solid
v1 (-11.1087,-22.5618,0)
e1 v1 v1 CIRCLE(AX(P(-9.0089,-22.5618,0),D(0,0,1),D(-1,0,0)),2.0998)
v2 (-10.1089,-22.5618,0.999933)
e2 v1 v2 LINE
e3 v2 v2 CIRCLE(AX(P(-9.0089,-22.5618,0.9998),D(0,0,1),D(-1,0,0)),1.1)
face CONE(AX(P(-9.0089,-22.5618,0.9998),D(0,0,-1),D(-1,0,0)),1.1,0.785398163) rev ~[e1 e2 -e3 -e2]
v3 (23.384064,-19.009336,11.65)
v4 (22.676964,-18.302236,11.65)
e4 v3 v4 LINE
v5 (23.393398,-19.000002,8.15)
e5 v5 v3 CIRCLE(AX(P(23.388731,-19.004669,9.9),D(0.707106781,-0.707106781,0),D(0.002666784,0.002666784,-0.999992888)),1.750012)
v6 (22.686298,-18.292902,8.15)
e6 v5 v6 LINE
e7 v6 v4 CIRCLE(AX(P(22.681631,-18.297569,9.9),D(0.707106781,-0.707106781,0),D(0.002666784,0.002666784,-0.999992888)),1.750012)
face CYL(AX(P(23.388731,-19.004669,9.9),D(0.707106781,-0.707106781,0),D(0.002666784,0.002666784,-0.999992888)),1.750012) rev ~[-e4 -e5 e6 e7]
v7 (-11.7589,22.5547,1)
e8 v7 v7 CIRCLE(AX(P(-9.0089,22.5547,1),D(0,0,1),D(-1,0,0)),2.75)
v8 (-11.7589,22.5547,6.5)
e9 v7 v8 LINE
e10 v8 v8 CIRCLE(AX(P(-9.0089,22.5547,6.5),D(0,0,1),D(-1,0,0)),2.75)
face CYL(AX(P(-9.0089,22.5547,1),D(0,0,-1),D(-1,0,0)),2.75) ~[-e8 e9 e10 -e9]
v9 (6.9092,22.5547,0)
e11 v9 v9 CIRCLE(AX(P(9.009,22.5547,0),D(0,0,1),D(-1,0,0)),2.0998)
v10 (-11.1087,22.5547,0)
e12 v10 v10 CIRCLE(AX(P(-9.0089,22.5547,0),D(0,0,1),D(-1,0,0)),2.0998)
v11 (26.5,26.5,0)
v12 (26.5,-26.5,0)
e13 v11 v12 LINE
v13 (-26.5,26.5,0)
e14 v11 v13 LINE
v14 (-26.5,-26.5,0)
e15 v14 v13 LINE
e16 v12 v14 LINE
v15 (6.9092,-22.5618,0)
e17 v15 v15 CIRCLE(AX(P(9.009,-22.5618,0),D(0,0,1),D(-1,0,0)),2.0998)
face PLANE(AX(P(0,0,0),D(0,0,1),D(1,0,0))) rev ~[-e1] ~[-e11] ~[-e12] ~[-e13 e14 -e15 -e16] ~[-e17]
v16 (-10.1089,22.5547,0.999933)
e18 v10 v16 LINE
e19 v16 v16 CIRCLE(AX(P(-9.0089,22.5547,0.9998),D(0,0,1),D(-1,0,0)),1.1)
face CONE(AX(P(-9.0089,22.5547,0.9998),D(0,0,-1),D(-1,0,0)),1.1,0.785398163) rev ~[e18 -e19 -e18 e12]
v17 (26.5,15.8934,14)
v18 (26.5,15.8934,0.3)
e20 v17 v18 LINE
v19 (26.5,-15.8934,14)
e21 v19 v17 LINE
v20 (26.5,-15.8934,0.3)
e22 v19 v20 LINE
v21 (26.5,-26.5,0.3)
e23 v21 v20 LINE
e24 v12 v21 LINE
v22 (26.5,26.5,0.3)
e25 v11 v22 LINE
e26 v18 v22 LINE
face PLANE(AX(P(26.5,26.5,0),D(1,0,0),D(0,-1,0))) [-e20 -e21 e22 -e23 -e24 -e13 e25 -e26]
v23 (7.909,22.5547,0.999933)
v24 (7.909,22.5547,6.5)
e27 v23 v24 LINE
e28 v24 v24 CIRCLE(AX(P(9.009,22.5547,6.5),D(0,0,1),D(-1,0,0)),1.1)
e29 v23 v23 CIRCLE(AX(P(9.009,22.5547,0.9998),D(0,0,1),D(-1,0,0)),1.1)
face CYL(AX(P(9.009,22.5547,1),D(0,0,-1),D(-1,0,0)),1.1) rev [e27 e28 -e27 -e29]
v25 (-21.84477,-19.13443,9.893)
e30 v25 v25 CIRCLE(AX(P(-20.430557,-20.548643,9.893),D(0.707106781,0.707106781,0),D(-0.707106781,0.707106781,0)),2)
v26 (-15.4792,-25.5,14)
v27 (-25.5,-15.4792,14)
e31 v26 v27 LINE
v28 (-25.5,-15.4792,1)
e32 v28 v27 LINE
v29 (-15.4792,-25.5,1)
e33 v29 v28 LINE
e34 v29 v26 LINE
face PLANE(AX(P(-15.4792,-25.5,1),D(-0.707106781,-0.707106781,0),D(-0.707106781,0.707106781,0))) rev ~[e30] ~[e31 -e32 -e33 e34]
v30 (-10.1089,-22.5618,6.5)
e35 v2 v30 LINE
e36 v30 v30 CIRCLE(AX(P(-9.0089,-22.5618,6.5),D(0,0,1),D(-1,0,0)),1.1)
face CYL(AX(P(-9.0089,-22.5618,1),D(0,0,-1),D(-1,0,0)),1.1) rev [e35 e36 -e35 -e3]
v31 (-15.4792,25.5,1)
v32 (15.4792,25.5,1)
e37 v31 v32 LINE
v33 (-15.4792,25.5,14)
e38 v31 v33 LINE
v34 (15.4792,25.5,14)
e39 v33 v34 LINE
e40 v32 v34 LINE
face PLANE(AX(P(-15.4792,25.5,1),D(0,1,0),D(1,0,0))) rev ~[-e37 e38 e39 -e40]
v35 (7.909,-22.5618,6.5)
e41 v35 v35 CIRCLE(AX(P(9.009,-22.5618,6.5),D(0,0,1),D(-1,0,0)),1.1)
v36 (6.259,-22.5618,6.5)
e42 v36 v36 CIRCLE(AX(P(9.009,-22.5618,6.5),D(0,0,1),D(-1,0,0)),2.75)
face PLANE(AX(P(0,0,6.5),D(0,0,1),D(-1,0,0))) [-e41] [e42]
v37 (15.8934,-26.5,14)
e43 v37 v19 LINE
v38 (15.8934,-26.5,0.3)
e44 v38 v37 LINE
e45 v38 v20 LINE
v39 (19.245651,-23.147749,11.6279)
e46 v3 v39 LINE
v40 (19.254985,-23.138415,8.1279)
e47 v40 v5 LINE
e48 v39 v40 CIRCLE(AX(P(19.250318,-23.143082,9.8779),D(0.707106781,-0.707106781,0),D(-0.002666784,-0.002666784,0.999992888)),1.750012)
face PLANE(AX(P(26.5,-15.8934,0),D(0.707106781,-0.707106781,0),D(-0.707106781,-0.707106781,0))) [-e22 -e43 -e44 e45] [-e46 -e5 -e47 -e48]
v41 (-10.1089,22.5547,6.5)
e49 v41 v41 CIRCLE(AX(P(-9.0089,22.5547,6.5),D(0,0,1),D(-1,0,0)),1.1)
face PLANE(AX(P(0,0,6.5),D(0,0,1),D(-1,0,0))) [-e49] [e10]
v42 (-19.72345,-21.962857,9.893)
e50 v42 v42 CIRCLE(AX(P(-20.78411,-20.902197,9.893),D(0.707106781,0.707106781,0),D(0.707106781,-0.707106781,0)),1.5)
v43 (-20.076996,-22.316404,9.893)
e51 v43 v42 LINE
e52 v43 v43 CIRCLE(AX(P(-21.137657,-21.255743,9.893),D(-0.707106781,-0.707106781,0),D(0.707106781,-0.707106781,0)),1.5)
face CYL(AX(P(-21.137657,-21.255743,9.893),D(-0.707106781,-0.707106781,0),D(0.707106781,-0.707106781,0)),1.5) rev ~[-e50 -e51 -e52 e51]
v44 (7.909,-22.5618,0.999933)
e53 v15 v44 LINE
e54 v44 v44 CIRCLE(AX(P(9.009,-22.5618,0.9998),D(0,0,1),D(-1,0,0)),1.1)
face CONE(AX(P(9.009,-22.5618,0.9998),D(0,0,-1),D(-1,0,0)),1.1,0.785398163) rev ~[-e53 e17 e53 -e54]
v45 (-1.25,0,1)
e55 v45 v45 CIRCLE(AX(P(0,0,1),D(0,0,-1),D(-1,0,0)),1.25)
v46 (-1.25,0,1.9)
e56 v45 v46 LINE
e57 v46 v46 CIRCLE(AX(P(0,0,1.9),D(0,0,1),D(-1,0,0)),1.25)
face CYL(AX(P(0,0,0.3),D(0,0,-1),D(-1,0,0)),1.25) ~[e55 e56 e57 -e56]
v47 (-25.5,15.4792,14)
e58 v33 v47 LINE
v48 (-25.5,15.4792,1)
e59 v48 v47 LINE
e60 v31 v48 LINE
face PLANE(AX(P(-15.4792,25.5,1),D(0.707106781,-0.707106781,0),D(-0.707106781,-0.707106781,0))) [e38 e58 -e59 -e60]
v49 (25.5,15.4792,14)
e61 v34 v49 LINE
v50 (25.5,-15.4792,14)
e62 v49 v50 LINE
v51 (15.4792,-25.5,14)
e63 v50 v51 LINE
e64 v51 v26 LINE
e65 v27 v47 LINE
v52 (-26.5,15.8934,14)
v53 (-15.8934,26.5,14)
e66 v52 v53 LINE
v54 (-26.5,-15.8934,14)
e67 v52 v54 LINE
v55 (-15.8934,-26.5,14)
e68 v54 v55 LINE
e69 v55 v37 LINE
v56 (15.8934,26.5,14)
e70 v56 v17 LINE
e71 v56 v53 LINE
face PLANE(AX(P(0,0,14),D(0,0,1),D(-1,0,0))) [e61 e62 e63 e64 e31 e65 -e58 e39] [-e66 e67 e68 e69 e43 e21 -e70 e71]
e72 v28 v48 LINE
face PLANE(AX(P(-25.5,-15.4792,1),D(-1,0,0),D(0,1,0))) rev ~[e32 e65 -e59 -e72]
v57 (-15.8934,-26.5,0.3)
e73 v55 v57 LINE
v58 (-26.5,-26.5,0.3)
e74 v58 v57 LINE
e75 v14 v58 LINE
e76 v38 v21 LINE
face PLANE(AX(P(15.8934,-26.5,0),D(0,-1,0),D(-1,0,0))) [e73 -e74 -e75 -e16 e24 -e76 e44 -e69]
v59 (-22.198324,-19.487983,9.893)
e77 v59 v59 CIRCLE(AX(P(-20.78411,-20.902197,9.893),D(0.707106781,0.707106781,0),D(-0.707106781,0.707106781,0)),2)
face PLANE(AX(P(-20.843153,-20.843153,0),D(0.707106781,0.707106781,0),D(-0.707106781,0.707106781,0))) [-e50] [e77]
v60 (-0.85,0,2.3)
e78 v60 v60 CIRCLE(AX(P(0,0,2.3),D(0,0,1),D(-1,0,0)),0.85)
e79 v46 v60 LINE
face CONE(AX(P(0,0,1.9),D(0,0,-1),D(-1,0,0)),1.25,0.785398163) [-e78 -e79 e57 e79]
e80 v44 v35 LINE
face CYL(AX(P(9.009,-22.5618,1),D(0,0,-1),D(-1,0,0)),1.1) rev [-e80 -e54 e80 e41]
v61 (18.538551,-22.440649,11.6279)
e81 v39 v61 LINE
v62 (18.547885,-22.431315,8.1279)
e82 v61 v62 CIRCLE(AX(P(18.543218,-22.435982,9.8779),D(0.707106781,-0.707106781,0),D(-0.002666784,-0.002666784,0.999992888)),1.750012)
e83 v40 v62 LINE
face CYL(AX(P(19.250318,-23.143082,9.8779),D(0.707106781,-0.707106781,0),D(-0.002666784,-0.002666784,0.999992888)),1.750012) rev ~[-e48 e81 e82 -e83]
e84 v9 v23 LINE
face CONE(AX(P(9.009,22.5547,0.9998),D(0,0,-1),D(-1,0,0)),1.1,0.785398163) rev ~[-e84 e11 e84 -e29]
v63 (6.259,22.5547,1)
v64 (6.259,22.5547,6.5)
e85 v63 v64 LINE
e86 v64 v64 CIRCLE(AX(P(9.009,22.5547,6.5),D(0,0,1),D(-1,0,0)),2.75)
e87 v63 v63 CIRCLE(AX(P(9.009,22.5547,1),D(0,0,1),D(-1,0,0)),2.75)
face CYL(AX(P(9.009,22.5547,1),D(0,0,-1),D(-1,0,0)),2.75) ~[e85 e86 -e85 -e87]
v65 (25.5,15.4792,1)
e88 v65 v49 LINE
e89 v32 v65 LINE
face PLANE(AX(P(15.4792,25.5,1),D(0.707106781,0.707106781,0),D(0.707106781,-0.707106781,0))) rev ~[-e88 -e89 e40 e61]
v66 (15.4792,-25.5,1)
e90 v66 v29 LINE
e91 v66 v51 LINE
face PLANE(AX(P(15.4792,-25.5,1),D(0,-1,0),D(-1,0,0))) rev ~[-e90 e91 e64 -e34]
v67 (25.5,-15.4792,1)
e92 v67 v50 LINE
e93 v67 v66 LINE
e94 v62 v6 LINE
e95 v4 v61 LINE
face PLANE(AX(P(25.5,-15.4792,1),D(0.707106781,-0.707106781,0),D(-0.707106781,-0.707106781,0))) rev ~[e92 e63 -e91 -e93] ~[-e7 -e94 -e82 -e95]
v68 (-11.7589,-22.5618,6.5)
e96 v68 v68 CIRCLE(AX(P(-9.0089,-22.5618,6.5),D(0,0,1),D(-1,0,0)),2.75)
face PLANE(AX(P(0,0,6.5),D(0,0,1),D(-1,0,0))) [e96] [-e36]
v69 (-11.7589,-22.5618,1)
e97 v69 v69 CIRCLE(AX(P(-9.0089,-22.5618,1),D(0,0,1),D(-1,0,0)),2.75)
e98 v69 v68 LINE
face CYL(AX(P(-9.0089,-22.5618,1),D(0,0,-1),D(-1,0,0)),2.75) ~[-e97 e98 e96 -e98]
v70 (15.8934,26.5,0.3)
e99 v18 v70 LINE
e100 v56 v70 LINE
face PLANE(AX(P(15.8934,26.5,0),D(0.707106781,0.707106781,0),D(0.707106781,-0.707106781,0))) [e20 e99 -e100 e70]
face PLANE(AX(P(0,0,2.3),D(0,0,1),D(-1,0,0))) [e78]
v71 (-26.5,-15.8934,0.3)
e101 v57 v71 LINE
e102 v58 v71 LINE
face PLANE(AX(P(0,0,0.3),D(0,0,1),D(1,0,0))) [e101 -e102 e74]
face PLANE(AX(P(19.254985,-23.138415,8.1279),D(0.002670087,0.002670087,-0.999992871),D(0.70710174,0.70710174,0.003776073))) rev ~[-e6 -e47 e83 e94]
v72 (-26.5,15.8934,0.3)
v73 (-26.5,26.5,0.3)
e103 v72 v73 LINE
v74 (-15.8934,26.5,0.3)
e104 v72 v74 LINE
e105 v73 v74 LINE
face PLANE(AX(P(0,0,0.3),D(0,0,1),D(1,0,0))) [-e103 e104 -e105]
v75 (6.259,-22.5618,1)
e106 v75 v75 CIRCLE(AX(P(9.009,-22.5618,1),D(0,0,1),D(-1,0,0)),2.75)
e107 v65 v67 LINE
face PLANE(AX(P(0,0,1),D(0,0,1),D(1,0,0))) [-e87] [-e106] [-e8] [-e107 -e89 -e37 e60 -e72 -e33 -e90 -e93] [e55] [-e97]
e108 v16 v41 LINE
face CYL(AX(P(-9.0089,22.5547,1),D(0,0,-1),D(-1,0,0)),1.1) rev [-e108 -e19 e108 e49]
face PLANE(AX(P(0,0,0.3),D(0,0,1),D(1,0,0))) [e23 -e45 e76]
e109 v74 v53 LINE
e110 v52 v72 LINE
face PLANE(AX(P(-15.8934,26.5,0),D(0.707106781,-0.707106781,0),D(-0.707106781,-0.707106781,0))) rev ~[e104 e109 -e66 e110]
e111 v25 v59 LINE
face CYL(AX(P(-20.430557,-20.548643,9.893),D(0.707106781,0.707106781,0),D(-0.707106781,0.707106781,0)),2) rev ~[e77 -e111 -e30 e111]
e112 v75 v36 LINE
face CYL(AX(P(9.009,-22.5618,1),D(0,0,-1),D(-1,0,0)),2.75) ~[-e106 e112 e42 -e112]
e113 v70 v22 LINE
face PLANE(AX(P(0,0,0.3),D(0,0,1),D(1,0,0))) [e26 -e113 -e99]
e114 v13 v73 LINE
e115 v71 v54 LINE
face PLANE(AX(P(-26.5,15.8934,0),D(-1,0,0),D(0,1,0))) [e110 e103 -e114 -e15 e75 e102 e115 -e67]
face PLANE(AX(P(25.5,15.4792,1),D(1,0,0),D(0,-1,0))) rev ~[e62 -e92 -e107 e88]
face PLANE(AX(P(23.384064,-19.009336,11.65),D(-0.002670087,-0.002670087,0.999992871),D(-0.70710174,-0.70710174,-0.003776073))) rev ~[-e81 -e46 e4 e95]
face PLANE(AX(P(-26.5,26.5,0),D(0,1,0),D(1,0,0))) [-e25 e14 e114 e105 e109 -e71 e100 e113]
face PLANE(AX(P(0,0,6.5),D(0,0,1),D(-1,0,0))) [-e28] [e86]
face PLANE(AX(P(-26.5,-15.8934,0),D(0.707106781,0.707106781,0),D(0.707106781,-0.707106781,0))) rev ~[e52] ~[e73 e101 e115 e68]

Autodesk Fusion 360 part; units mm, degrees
sketch "Sketch1" plane through (0, 0, 0) normal (0, 0, 1) x (1, 0, 0)
  circle A0 centre (0, 0) radius 1.75
  dimension "d1" = 3.5
extrude "Extrude1" add sketch "Sketch1" along normal blind 0.3
sketch "Sketch2" plane through (0, 0, 0.3) normal (0, 0, 1) x (-1, 0, 0)
  circle A0 centre (0, 0) radius 1.75
  circle A1 centre (0, 0) radius 1.25
  dimension "d4" = 2.5
extrude "Extrude2" add sketch "Sketch2" along normal blind 2 contours A1
chamfer "Chamfer1" distance 0.4 angle 45 1 edges at (1.1654, 0.452, 2.3)

Autodesk Fusion 360 part; units mm, degrees
sketch "Sketch1" plane through (0, 0, 0) normal (0, 0, 1) x (1, 0, 0)
  line L0 (-26.5, 26.5) -> (26.5, 26.5)
  line L1 (26.5, 26.5) -> (26.5, -26.5)
  line L2 (26.5, -26.5) -> (-26.5, -26.5)
  line L3 (-26.5, -26.5) -> (-26.5, 26.5)
  line L4 (-26.5, 26.5) -> (26.5, -26.5) construction
  line L5 (26.5, 26.5) -> (-26.5, -26.5) construction
  line L6 (-15.8934, 26.5) -> (-26.5, 15.8934)
  line L7 (15.8934, 26.5) -> (26.5, 15.8934)
  line L8 (26.5, -15.8934) -> (15.8934, -26.5)
  line L9 (-26.5, -15.8934) -> (-15.8934, -26.5)
  dimension "d34" = 53
  dimension "d35" = 53
  dimension "d36" = 15
  dimension "d37" = 15
  dimension "d38" = 15
  dimension "d39" = 15
extrude "Extrude1" add sketch "Sketch1" along normal blind 1 contours L0 L1 L2 L3 L6 L7 L8 L9
sketch "Sketch3" plane through (0, 0, 1) normal (0, 0, 1) x (-1, 0, 0)
  line L0 (15.8934, -26.5) -> (26.5, -15.8934)
  line L1 (26.5, -15.8934) -> (26.5, 15.8934)
  line L2 (26.5, 15.8934) -> (15.8934, 26.5)
  line L3 (15.8934, 26.5) -> (-15.8934, 26.5)
  line L4 (-15.8934, 26.5) -> (-26.5, 15.8934)
  line L5 (-26.5, 15.8934) -> (-26.5, -15.8934)
  line L6 (-26.5, -15.8934) -> (-15.8934, -26.5)
  line L7 (-15.8934, -26.5) -> (15.8934, -26.5)
  line L8 (25.5, -25.5) -> (-25.5, -25.5)
  line L9 (-25.5, -25.5) -> (-25.5, 25.5)
  line L10 (-25.5, 25.5) -> (25.5, 25.5)
  line L11 (25.5, 25.5) -> (25.5, -25.5)
  line L12 (25.5, -25.5) -> (-25.5, 25.5) construction
  line L13 (-25.5, -25.5) -> (25.5, 25.5) construction
  line L14 (15.4792, -25.5) -> (25.5, -15.4792)
  line L15 (-15.4792, -25.5) -> (-25.5, -15.4792)
  line L16 (-25.5, 15.4792) -> (-15.4792, 25.5)
  line L17 (15.4792, 25.5) -> (25.5, 15.4792)
  dimension "d42" = 1
  dimension "d43" = 1
  dimension "d44" = 1
  dimension "d45" = 1
  dimension "d46" = 1
extrude "Extrude3" add sketch "Sketch3" along normal blind 13 contours L0 L6 L7 L8 | L0 L8 L11 L14 | L0 L1 L2 L11 | L6 L8 L9 L15 | L4 L5 L6 L9 | L2 L10 L11 L17 | L2 L3 L4 L10 | L4 L9 L10 L16
sketch "Sketch5" plane through (21.1967, -21.1967, 0) normal (0.7071, -0.7071, 0) x (0.7071, 0.7071, 0)
  line L0 (-7.5, 0) -> (7.5, 0)
  line L1 (7.5, 0) -> (7.5, 14)
  line L2 (7.5, 14) -> (-7.5, 14)
  line L3 (-7.5, 14) -> (-7.5, 0)
  line L4 (-2.746, 8.1279) -> (3.1066, 8.15)
  arc A0 (3.1066, 8.15) -> (3.0934, 11.65) centre (3.1, 9.9) ccw
  line L5 (3.0934, 11.65) -> (-2.7592, 11.6279)
  arc A1 (-2.7592, 11.6279) -> (-2.746, 8.1279) centre (-2.7526, 9.8779) ccw
  line L6 (-2.7526, 9.8779) -> (3.1, 9.9) construction
  dimension "d93" = 4.1221
  dimension "d94" = 4.7474
  dimension "d95" = 1.75
  dimension "d96" = 5.8526
extrude "Extrude5" cut sketch "Sketch5" against normal blind 2 contours L4 A0 L5 A1
sketch "Sketch7" plane through (0, 26.5, 0) normal (0, 1, 0) x (-1, 0, 0)
  line L0 (-15.8934, 0) -> (15.8934, 0)
  line L1 (15.8934, 0) -> (15.8934, 14)
  line L2 (15.8934, 14) -> (-15.8934, 14)
  line L3 (-15.8934, 14) -> (-15.8934, 0)
  line L4 (-2.0165, 11.171) -> (2.0293, 11.171)
  line L5 (2.0293, 11.171) -> (2.0293, 8.1421)
  line L6 (2.0293, 8.1421) -> (-2.0165, 8.1421)
  line L7 (-2.0165, 8.1421) -> (-2.0165, 11.171)
  dimension "d82" = 2.829
  dimension "d83" = 4.0458
  dimension "d84" = 3.0289
  dimension "d85" = 13.8769
extrude "Extrude7" cut sketch "Sketch7" along normal through all contours L4 L5 L6 L7
sketch "Sketch8" plane through (-26.5, 0, 0) normal (-1, 0, 0) x (0, -1, 0)
  line L0 (-15.8934, 0) -> (15.8934, 0)
  line L1 (15.8934, 0) -> (15.8934, 14)
  line L2 (15.8934, 14) -> (-15.8934, 14)
  line L3 (-15.8934, 14) -> (-15.8934, 0)
  line L4 (-2.0152, 11.1757) -> (2.0191, 11.1757)
  line L5 (2.0191, 11.1757) -> (2.0191, 8.2313)
  line L6 (2.0191, 8.2313) -> (-2.0152, 8.2313)
  line L7 (-2.0152, 8.2313) -> (-2.0152, 11.1757)
  dimension "d87" = 2.8243
  dimension "d88" = 2.9444
  dimension "d89" = 4.0342
  dimension "d90" = 13.8782
extrude "Extrude8" cut sketch "Sketch8" along normal through all contours L4 L5 L6 L7
sketch "Sketch9" plane through (0, 0, 1) normal (0, 0, 1) x (-1, 0, 0)
  line L0 (25.5, -15.4792) -> (25.5, 15.4792)
  line L1 (25.5, 15.4792) -> (15.4792, 25.5)
  line L2 (15.4792, 25.5) -> (-15.4792, 25.5)
  line L3 (-15.4792, 25.5) -> (-25.5, 15.4792)
  line L4 (-25.5, 15.4792) -> (-25.5, -15.4792)
  line L5 (-25.5, -15.4792) -> (-15.4792, -25.5)
  line L6 (-15.4792, -25.5) -> (15.4792, -25.5)
  line L7 (15.4792, -25.5) -> (25.5, -15.4792)
  circle A0 centre (-9.009, 22.5618) radius 1.1
  circle A1 centre (9.0089, 22.5618) radius 1.1
  circle A2 centre (-9.009, -22.5547) radius 1.1
  circle A3 centre (9.0089, -22.5547) radius 1.1
  dimension "d62" = 2.2
  dimension "d63" = 2.2
  dimension "d64" = 2.2
  dimension "d65" = 2.2
extrude "Extrude9" cut sketch "Sketch9" against normal blind 10 contours A0 | A1 | A2 | A3
chamfer "Chamfer1" distance 1 angle 45 4 edges at (-7.9834, 22.9525, 0) (10.0345, 22.9525, 0) (10.0345, -22.164, 0) (-7.9834, -22.164, 0)
sketch "Sketch11" plane through (-21.1967, -21.1967, 0) normal (-0.7071, -0.7071, 0) x (0.7071, -0.7071, 0)
  line L0 (-7.5, 0) -> (7.5, 0)
  line L1 (7.5, 0) -> (7.5, 14)
  line L2 (7.5, 14) -> (-7.5, 14)
  line L3 (-7.5, 14) -> (-7.5, 0)
  circle A0 centre (0.0835, 9.893) radius 1.5
  dimension "d73" = 3
  dimension "d91" = 4.107
  dimension "d92" = 7.5835
extrude "Extrude11" cut sketch "Sketch11" against normal blind 5 contours A0
sketch "Sketch12" plane through (-20.4896, -20.4896, 0) normal (0.7071, 0.7071, 0) x (-0.7071, 0.7071, 0)
  circle A0 centre (-0.0835, 9.893) radius 1.5
  line L0 (-7.0858, 1) -> (7.0858, 1)
  line L1 (7.0858, 1) -> (7.0858, 14)
  line L2 (7.0858, 14) -> (-7.0858, 14)
  line L3 (-7.0858, 14) -> (-7.0858, 1)
  circle A1 centre (-0.0835, 9.893) radius 1.5
  circle A2 centre (-0.0835, 9.893) radius 2
  dimension "d77" = 4
extrude "Extrude12" cut sketch "Sketch12" against normal blind 0.5 contours A2
sketch "Sketch13" plane through (0, 0, 0) normal (0, 0, -1) x (1, 0, 0)
  circle A0 centre (9.009, 22.5618) radius 2.1
  circle A1 centre (-9.0089, -22.5547) radius 2.1
  line L0 (-26.5, -15.8934) -> (-15.8934, -26.5)
  line L1 (-15.8934, -26.5) -> (15.8934, -26.5)
  line L2 (15.8934, -26.5) -> (26.5, -15.8934)
  line L3 (26.5, -15.8934) -> (26.5, 15.8934)
  line L4 (26.5, 15.8934) -> (15.8934, 26.5)
  line L5 (15.8934, 26.5) -> (-15.8934, 26.5)
  line L6 (-15.8934, 26.5) -> (-26.5, 15.8934)
  line L7 (-26.5, 15.8934) -> (-26.5, -15.8934)
  circle A2 centre (9.009, -22.5547) radius 2.1
  circle A3 centre (-9.0089, 22.5618) radius 2.1
sketch "Sketch14" plane through (0, 0, 1) normal (0, 0, 1) x (-1, 0, 0)
  line L0 (25.5, -15.4792) -> (25.5, 15.4792)
  line L1 (25.5, 15.4792) -> (15.4792, 25.5)
  line L2 (15.4792, 25.5) -> (-15.4792, 25.5)
  line L3 (-15.4792, 25.5) -> (-25.5, 15.4792)
  line L4 (-25.5, 15.4792) -> (-25.5, -15.4792)
  line L5 (-25.5, -15.4792) -> (-15.4792, -25.5)
  line L6 (-15.4792, -25.5) -> (15.4792, -25.5)
  line L7 (15.4792, -25.5) -> (25.5, -15.4792)
  circle A0 centre (9.0089, -22.5547) radius 1.1
  circle A1 centre (9.0089, -22.5547) radius 2.75
  circle A2 centre (-9.009, -22.5547) radius 1.1
  circle A3 centre (-9.009, -22.5547) radius 2.75
  circle A4 centre (9.0089, 22.5618) radius 1.1
  circle A5 centre (9.0089, 22.5618) radius 2.75
  circle A6 centre (-9.009, 22.5618) radius 1.1
  circle A7 centre (-9.009, 22.5618) radius 2.75
  circle A8 centre (9.0089, 22.5618) radius 1.1
  circle A9 centre (9.0089, -22.5547) radius 1.1
  circle A10 centre (-9.009, 22.5618) radius 1.1
  circle A11 centre (-9.009, -22.5547) radius 1.1
  dimension "d97" = 5.5
  dimension "d98" = 5.5
  dimension "d99" = 5.5
  dimension "d100" = 5.5
extrude "Extrude13" add sketch "Sketch14" along normal blind 5.5 contours A1 | A3 | A5 | A7
